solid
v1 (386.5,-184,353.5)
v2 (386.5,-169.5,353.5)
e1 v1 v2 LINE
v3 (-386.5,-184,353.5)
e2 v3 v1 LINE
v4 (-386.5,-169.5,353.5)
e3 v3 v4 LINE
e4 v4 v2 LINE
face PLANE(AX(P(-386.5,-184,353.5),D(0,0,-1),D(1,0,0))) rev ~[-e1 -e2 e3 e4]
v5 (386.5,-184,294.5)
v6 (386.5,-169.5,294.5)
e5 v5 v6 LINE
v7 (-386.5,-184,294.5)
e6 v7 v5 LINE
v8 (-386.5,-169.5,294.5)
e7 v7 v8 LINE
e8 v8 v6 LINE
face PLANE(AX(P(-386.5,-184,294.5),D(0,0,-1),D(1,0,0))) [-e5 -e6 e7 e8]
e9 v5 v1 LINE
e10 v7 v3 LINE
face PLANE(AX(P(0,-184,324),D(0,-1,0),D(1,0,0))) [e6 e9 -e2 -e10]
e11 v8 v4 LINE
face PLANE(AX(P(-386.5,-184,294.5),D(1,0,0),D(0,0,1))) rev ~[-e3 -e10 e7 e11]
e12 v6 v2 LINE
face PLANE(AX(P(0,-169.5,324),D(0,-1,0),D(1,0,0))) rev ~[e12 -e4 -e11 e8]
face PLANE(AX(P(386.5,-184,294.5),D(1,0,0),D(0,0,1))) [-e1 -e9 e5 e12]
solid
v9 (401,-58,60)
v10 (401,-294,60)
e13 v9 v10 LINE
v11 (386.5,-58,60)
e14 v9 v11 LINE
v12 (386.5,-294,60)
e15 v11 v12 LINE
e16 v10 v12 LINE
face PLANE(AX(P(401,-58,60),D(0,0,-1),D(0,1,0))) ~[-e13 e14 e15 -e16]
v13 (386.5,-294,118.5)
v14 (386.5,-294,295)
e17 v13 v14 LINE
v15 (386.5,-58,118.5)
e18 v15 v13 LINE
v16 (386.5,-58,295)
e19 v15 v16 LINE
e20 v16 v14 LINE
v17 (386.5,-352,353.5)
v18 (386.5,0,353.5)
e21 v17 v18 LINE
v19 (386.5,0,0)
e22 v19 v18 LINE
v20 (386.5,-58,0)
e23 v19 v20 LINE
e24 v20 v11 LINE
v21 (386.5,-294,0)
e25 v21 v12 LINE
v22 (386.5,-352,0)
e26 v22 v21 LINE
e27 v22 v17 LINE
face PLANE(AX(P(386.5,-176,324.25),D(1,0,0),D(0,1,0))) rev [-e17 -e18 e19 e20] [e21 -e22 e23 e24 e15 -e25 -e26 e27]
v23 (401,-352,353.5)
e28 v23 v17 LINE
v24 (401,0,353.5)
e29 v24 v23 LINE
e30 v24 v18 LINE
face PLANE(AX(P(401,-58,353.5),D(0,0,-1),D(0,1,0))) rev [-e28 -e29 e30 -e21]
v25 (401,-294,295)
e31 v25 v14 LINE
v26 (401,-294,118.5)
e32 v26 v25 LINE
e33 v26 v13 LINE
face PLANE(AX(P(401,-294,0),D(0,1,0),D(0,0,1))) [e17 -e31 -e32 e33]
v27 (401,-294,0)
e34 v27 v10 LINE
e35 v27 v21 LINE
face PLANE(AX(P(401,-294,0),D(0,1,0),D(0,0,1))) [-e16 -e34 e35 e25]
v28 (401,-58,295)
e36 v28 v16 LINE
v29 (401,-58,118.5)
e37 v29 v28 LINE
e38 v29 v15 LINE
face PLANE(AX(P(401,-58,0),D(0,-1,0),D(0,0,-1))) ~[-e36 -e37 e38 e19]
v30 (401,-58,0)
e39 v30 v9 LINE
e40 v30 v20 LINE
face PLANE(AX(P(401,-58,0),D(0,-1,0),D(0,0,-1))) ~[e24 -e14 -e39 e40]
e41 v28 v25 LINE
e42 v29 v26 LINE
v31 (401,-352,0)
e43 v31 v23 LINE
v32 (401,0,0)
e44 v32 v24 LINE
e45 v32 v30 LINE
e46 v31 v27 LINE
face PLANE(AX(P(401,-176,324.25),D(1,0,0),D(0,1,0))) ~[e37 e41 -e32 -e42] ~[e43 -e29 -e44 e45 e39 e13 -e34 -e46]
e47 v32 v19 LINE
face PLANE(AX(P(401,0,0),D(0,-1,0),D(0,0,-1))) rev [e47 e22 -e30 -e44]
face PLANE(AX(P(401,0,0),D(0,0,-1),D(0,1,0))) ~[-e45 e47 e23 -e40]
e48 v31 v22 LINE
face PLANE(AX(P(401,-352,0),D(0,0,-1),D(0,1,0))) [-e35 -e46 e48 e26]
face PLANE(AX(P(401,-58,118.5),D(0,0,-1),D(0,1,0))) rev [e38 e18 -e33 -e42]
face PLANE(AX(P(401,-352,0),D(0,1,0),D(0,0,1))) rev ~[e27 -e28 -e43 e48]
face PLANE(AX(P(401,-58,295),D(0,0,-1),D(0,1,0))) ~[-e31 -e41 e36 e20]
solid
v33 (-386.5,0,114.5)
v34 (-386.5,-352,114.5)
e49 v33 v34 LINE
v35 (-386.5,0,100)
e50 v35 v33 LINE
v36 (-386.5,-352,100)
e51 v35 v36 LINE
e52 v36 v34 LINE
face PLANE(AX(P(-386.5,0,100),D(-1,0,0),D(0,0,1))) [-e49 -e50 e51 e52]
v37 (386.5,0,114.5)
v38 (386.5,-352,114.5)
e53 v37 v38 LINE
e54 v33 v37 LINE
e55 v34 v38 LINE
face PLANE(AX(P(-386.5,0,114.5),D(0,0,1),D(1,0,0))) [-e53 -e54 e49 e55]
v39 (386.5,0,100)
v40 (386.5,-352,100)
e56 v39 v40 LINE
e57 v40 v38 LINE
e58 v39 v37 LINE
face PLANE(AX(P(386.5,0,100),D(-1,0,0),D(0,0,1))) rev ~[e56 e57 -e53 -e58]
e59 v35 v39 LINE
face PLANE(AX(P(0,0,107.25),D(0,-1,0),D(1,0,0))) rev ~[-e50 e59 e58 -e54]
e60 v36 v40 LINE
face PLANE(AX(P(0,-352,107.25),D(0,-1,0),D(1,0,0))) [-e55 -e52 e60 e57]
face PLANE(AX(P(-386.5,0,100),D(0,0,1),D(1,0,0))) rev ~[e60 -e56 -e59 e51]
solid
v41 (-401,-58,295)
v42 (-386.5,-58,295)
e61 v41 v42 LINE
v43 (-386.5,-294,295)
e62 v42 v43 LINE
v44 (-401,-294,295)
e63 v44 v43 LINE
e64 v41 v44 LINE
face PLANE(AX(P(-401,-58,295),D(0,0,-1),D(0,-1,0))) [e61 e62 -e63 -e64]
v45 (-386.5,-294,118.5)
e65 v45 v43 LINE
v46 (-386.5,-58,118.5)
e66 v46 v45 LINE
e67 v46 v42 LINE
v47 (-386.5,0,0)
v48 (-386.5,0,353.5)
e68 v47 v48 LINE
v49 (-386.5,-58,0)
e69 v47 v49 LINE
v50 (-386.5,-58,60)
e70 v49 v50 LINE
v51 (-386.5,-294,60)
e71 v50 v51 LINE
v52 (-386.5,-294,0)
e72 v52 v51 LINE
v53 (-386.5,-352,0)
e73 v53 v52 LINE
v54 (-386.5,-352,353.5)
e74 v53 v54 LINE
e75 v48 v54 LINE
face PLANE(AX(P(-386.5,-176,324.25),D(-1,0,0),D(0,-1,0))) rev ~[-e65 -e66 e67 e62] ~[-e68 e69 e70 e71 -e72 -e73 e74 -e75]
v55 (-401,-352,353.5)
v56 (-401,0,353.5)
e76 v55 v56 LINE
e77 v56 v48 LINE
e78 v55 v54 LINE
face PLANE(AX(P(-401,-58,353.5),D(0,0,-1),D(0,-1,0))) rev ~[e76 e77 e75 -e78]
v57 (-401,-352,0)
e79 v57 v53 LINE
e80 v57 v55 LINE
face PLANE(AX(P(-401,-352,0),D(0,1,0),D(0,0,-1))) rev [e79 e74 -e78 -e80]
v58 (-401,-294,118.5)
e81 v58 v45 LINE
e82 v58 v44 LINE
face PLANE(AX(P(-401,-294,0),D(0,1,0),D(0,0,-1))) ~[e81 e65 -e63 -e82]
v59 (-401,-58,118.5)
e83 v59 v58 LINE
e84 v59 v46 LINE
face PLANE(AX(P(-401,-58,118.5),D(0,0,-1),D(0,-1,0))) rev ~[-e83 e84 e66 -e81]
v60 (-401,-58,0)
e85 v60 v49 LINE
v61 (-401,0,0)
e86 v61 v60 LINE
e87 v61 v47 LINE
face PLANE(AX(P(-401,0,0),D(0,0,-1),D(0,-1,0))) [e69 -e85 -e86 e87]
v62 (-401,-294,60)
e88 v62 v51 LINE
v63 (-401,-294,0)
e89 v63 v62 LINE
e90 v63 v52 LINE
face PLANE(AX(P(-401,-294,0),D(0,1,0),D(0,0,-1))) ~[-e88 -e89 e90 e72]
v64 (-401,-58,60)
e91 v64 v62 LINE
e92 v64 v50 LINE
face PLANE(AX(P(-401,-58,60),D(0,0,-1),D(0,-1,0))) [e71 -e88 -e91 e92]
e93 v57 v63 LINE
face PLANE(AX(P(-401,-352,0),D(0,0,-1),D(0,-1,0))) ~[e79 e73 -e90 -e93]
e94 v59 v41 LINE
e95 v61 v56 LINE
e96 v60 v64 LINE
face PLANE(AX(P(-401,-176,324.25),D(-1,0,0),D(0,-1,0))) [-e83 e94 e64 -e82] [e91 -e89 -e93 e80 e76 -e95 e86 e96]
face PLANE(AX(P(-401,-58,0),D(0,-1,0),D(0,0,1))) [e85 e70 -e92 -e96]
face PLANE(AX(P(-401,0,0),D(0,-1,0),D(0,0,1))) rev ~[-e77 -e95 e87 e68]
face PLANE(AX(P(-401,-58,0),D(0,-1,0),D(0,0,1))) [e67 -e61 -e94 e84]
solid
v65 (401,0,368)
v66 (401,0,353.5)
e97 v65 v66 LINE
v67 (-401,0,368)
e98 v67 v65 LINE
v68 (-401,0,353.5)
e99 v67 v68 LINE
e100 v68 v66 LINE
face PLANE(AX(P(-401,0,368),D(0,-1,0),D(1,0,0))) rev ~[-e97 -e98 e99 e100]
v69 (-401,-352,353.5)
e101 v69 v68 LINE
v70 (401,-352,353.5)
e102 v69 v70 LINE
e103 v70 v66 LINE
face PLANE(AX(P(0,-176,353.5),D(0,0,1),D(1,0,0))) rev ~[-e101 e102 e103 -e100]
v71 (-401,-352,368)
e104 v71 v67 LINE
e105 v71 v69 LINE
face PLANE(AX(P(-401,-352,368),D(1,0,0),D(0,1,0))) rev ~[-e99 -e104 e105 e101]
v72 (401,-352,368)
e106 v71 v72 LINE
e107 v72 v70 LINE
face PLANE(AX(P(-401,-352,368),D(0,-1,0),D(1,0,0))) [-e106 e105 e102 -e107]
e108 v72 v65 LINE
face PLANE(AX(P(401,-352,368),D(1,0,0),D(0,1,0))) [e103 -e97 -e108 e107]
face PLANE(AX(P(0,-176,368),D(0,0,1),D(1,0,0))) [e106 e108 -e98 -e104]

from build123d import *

# Parameters (mm, degrees)
F2_W      = 802
F2_H      = 352
F5_DEPTH  = 14.5
F6_W      = 58
F6_H      = 353.5
F7_DEPTH  = 14.5
F9_W      = 236
F9_H      = 58.5
F10_DEPTH = 14.5
F15_W     = 773
F15_H     = 59
F16_DEPTH = 14.5
F13_W     = 773
F13_H     = 14.5
F17_DEPTH = 352


with BuildPart() as f5:
    # F2 (on offset) → F5 (new body)
    with BuildSketch(Plane.XY.offset(368)):
        with Locations((0, -176)):
            Rectangle(F2_W, F2_H)
    extrude(amount=-F5_DEPTH)


with BuildPart() as f7:
    # F6 (on line) → F7 (new body)
    with BuildSketch(Plane(origin=(-401, 0, 0), x_dir=(0, -1, 0), z_dir=(-1, 0, 0))):
        with Locations((29, 176.75)):
            Rectangle(F6_W, F6_H)
    extrude(amount=-F7_DEPTH)


with BuildPart() as f8_1:
    # F8: instance of F7
    add(f7.part.mirror(Plane.XZ.offset(176)))


with BuildPart() as f10:
    # F9 (on line) → F10 (new body)
    with BuildSketch(Plane(origin=(-401, 0, 0), x_dir=(0, -1, 0), z_dir=(-1, 0, 0))):
        with Locations((176, 324.25)):
            Rectangle(F9_W, F9_H)
    extrude(amount=-F10_DEPTH)


with BuildPart() as f11_1:
    # F11: copy of F10
    add(f10.part.moved(Location((0, 0, -235))))


with BuildPart() as f7_1:
    add(f7.part)

    add(f8_1.part)  # F12 merges F8_1

    add(f10.part)  # F12 merges F10

    add(f11_1.part)  # F12 merges F11_1
    # F12: F7, F8_1, F10, F11_1 across plane
    add(f7.part.mirror(Plane.YZ))
    add(f8_1.part.mirror(Plane.YZ))
    add(f10.part.mirror(Plane.YZ))
    add(f11_1.part.mirror(Plane.YZ))


with BuildPart() as f16:
    # F15 (on offset) → F16 (new body)
    with BuildSketch(Plane.XZ.offset(184)):
        with Locations((0, 324)):
            Rectangle(F15_W, F15_H)
    extrude(amount=-F16_DEPTH)


with BuildPart() as f17:
    # F13 (on Front) → F17 (new body, through all)
    with BuildSketch(Plane.XZ):
        with Locations((0, 107.25)):
            Rectangle(F13_W, F13_H)
    extrude(amount=F17_DEPTH)


solid = Compound([f5.part, f7_1.part, f16.part, f17.part])
